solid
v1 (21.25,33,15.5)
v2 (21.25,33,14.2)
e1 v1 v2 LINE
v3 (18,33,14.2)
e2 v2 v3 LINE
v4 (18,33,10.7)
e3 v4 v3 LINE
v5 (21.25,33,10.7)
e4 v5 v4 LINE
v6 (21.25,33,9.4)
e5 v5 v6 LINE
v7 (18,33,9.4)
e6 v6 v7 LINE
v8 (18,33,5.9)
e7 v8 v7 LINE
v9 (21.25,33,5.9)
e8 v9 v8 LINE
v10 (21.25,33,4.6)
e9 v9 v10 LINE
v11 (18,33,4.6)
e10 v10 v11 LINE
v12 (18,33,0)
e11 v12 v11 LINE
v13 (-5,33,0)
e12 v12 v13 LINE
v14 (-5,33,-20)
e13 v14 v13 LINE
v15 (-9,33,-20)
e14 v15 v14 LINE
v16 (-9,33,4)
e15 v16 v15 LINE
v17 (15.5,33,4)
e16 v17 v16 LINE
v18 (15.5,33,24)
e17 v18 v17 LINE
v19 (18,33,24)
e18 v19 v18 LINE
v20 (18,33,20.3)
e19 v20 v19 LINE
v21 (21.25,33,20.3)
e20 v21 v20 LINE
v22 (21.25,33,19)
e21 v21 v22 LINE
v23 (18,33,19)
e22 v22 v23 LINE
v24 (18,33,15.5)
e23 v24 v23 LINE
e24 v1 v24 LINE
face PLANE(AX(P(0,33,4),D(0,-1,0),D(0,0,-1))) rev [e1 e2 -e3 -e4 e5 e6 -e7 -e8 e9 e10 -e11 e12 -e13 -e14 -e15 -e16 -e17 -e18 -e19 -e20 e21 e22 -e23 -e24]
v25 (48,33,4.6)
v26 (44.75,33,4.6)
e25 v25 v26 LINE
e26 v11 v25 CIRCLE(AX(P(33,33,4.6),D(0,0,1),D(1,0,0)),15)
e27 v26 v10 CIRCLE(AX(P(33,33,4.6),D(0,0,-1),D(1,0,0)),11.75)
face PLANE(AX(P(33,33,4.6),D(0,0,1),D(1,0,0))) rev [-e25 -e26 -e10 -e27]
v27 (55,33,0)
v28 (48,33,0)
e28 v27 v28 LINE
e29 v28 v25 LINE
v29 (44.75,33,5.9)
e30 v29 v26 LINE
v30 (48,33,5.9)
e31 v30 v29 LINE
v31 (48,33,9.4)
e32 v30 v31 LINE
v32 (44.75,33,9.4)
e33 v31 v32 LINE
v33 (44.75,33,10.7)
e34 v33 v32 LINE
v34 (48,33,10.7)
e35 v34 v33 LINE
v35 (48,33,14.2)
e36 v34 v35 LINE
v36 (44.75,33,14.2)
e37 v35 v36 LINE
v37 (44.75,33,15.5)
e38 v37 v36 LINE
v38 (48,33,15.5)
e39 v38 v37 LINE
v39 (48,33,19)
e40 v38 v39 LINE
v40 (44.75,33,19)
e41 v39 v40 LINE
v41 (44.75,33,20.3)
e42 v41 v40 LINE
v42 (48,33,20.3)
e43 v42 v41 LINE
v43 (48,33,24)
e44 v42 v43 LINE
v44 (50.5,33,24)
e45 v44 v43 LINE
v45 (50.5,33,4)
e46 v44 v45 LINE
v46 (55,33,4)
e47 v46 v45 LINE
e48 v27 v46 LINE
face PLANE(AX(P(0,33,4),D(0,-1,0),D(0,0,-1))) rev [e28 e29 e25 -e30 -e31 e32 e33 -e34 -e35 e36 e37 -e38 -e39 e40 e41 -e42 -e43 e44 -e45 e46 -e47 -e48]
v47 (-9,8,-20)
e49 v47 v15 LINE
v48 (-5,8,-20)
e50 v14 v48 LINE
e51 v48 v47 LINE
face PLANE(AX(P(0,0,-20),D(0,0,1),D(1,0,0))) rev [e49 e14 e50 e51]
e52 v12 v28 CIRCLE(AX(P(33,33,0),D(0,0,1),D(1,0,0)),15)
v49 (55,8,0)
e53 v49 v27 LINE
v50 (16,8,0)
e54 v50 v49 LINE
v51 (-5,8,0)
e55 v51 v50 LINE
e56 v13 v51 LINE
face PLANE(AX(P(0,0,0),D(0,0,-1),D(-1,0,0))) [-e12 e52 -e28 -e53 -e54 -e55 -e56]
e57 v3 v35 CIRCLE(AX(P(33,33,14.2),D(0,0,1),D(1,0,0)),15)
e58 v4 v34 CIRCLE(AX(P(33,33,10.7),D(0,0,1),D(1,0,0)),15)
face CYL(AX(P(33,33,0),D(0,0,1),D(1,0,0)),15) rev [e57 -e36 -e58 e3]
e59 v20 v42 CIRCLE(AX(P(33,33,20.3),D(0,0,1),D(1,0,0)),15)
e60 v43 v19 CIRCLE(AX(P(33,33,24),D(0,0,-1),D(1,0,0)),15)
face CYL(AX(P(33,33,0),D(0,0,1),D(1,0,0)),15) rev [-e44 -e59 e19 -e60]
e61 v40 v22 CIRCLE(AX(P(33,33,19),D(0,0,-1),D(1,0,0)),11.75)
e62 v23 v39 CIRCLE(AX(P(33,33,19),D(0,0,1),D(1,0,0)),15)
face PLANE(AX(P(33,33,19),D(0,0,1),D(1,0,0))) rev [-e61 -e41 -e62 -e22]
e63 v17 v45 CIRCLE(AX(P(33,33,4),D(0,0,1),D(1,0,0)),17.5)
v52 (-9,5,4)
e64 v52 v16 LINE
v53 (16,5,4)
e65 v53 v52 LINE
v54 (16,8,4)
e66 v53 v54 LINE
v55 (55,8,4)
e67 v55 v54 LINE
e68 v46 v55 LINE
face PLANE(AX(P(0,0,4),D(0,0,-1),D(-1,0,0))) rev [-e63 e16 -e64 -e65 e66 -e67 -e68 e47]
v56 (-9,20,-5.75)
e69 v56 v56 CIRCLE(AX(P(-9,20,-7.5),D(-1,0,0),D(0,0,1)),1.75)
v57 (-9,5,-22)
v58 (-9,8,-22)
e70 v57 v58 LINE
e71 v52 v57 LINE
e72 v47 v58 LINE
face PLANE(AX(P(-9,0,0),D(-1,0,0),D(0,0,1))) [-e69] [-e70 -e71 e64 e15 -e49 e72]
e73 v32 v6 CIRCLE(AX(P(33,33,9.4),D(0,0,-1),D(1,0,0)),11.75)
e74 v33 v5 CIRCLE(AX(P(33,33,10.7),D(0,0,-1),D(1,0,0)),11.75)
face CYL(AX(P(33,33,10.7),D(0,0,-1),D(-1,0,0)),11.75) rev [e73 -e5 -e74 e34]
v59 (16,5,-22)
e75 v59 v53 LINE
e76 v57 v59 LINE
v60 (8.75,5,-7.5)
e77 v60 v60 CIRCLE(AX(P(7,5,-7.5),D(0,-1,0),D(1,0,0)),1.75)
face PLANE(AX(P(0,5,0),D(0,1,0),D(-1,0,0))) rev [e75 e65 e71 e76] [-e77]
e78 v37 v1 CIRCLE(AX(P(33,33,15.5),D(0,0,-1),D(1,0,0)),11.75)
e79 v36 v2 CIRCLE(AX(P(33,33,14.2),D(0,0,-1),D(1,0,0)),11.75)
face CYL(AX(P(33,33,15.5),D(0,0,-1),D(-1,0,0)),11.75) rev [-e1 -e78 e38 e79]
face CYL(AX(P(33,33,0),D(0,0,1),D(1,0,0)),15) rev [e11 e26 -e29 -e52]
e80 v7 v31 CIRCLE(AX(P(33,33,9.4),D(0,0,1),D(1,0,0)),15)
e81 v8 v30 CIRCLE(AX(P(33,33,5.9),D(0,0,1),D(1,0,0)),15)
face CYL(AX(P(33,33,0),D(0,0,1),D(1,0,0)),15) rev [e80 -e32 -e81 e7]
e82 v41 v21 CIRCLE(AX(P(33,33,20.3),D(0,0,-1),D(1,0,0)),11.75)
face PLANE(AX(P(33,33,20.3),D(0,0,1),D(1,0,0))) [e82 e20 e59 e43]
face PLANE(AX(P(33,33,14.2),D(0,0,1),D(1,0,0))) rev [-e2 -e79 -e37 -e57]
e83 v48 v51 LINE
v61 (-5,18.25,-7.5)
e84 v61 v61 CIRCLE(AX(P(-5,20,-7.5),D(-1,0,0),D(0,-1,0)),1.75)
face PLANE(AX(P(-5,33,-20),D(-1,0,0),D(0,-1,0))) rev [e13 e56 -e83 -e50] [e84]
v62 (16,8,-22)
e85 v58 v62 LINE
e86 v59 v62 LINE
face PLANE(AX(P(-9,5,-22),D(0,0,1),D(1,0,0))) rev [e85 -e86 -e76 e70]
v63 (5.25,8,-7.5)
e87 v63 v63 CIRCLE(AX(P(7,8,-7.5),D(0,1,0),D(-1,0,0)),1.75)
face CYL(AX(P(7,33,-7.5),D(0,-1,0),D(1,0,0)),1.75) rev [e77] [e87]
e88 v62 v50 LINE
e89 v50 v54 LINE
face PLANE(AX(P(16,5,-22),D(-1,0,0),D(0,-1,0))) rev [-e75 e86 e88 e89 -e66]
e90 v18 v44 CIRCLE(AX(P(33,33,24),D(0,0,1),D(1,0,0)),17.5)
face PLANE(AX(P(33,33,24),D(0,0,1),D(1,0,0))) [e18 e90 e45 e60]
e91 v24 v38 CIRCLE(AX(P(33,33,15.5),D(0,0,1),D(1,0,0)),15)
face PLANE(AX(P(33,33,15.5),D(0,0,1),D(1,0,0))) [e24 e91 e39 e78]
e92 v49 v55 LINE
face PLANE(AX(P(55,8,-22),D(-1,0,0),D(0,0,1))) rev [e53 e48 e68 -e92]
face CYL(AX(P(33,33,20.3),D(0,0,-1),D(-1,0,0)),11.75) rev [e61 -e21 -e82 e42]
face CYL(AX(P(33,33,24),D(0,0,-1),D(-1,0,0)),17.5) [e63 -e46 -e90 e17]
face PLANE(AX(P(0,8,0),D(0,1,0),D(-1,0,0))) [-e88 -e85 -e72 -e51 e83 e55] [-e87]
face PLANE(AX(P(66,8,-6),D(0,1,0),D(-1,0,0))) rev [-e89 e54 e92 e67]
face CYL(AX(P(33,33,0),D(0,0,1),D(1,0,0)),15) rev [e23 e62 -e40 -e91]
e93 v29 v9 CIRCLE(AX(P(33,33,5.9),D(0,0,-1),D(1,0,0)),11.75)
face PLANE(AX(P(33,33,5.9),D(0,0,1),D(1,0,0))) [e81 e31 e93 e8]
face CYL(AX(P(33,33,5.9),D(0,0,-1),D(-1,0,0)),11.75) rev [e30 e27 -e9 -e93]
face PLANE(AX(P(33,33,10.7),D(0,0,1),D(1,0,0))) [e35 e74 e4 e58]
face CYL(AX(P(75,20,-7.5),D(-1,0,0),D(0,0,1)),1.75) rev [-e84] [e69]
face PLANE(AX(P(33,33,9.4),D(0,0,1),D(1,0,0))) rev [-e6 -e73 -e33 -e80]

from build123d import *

# Parameters (mm, degrees)
SKETCH1_W            = 66
SKETCH1_H            = 33
BOSS_EXTRUDE1_DEPTH  = 4
CUT_EXTRUDE1_DEPTH   = 5
BOSS_EXTRUDE2_DEPTH  = 20
BOSS_EXTRUDE3_DEPTH  = 1.3
BOSS_EXTRUDE4_DEPTH  = 1.3
BOSS_EXTRUDE5_DEPTH  = 1.3
BOSS_EXTRUDE6_DEPTH  = 1.3
SKETCH11_W           = 66
SKETCH11_H           = 8
CUT_EXTRUDE4_DEPTH   = 10
SKETCH13_W           = 4
SKETCH13_H           = 25
BOSS_EXTRUDE7_DEPTH  = 9
SKETCH14_W           = 4
SKETCH14_H           = 25
BOSS_EXTRUDE8_DEPTH  = 8
SKETCH16_R           = 1.75
CUT_EXTRUDE5_DEPTH   = 12
SKETCH17_R           = 1.75
CUT_EXTRUDE8_DEPTH   = 12
SKETCH18_W           = 4
SKETCH18_H           = 25
CUT_EXTRUDE9_DEPTH   = 3
SKETCH19_W           = 4
SKETCH19_H           = 25
BOSS_EXTRUDE10_DEPTH = 4
SKETCH20_W           = 4
SKETCH20_H           = 25
BOSS_EXTRUDE11_DEPTH = 20
SKETCH21_R           = 1.75
CUT_EXTRUDE10_DEPTH  = 20
SKETCH22_W           = 20
SKETCH22_H           = 25
CUT_EXTRUDE11_DEPTH  = 20
SKETCH23_W           = 4
SKETCH23_H           = 25
BOSS_EXTRUDE12_DEPTH = 20
SKETCH24_R           = 1.75
CUT_EXTRUDE12_DEPTH  = 85
SKETCH25_W           = 25
SKETCH25_H           = 26
BOSS_EXTRUDE13_DEPTH = 3
SKETCH26_R           = 1.75
CUT_EXTRUDE13_DEPTH  = 29
SKETCH27_W           = 20
SKETCH27_H           = 25
CUT_EXTRUDE14_DEPTH  = 27


with BuildPart() as part:
    # Sketch1 → Boss-Extrude1 (new body)
    with BuildSketch(Plane.XY):
        with Locations((33, 16.5)):
            Rectangle(SKETCH1_W, SKETCH1_H)
    extrude(amount=BOSS_EXTRUDE1_DEPTH)

    # Sketch2 → Cut-Extrude1 (cut, through all)
    with BuildSketch(Plane.XY.offset(4)):
        with BuildLine():
            Line((18, 33), (48, 33))
            ThreePointArc((48, 33), (33, 18), (18, 33))
        make_face()
    extrude(amount=-CUT_EXTRUDE1_DEPTH, mode=Mode.SUBTRACT)

    # Sketch3 → Boss-Extrude2 (add)
    with BuildSketch(Plane.XY.offset(4)):
        with BuildLine():
            Line((18, 33), (15.5, 33))
            ThreePointArc((15.5, 33), (33, 15.5), (50.5, 33))
            Line((50.5, 33), (48, 33))
            ThreePointArc((48, 33), (33, 18), (18, 33))
        make_face()
    extrude(amount=BOSS_EXTRUDE2_DEPTH)

    # Sketch5 → Boss-Extrude3 (add)
    with BuildSketch(Plane.XY.offset(4.6)):
        with BuildLine():
            Line((18, 33), (21.25, 33))
            ThreePointArc((21.25, 33), (33, 21.25), (44.75, 33))
            Line((44.75, 33), (48, 33))
            ThreePointArc((48, 33), (33, 18), (18, 33))
        make_face()
    extrude(amount=BOSS_EXTRUDE3_DEPTH)

    # Sketch6 → Boss-Extrude4 (add)
    with BuildSketch(Plane.XY.offset(9.4)):
        with BuildLine():
            Line((18, 33), (21.25, 33))
            ThreePointArc((21.25, 33), (33, 21.25), (44.75, 33))
            Line((44.75, 33), (48, 33))
            ThreePointArc((48, 33), (33, 18), (18, 33))
        make_face()
    extrude(amount=BOSS_EXTRUDE4_DEPTH)

    # Sketch7 → Boss-Extrude5 (add)
    with BuildSketch(Plane.XY.offset(14.2)):
        with BuildLine():
            Line((18, 33), (21.25, 33))
            ThreePointArc((21.25, 33), (33, 21.25), (44.75, 33))
            Line((44.75, 33), (48, 33))
            ThreePointArc((48, 33), (33, 18), (18, 33))
        make_face()
    extrude(amount=BOSS_EXTRUDE5_DEPTH)

    # Sketch8 → Boss-Extrude6 (add)
    with BuildSketch(Plane.XY.offset(19)):
        with BuildLine():
            Line((18, 33), (21.25, 33))
            ThreePointArc((21.25, 33), (33, 21.25), (44.75, 33))
            Line((44.75, 33), (48, 33))
            ThreePointArc((48, 33), (33, 18), (18, 33))
        make_face()
    extrude(amount=BOSS_EXTRUDE6_DEPTH)

    # Sketch11 → Cut-Extrude4 (cut)
    with BuildSketch(Plane.XY.offset(4)):
        with Locations((33, 4)):
            Rectangle(SKETCH11_W, SKETCH11_H)
    extrude(amount=-CUT_EXTRUDE4_DEPTH, mode=Mode.SUBTRACT)

    # Sketch13 → Boss-Extrude7 (add)
    with BuildSketch(Plane.ZY):
        with Locations((2, 20.5)):
            Rectangle(SKETCH13_W, SKETCH13_H)
    extrude(amount=BOSS_EXTRUDE7_DEPTH)

    # Sketch14 → Boss-Extrude8 (add)
    with BuildSketch(Plane(origin=(66, 0, 0), x_dir=(0, 0, -1), z_dir=(1, 0, 0))):
        with Locations((-2, 20.5)):
            Rectangle(SKETCH14_W, SKETCH14_H)
    extrude(amount=BOSS_EXTRUDE8_DEPTH)

    # Sketch16 → Cut-Extrude5 (cut)
    with BuildSketch(Plane(origin=(74, 0, 0), x_dir=(0, 0, -1), z_dir=(1, 0, 0))):
        with Locations((14, 13)):
            Circle(SKETCH16_R)
    extrude(amount=-CUT_EXTRUDE5_DEPTH, mode=Mode.SUBTRACT)

    # Sketch17 → Cut-Extrude8 (cut)
    with BuildSketch(Plane.XY.offset(4)):
        with Locations((59, 13)):
            Circle(SKETCH17_R)
    extrude(amount=-CUT_EXTRUDE8_DEPTH, mode=Mode.SUBTRACT)

    # Sketch18 → Cut-Extrude9 (cut)
    with BuildSketch(Plane(origin=(74, 0, 0), x_dir=(0, 0, -1), z_dir=(1, 0, 0))):
        with Locations((-2, 20.5)):
            Rectangle(SKETCH18_W, SKETCH18_H)
    extrude(amount=-CUT_EXTRUDE9_DEPTH, mode=Mode.SUBTRACT)

    # Sketch19 → Boss-Extrude10 (add)
    with BuildSketch(Plane(origin=(71, 0, 0), x_dir=(0, 0, -1), z_dir=(1, 0, 0))):
        with Locations((-2, 20.5)):
            Rectangle(SKETCH19_W, SKETCH19_H)
    extrude(amount=BOSS_EXTRUDE10_DEPTH)

    # Sketch20 → Boss-Extrude11 (add)
    with BuildSketch(Plane(origin=(0, 0, 0), x_dir=(-1, 0, 0), z_dir=(0, 0, -1))):
        with Locations((-73, 20.5)):
            Rectangle(SKETCH20_W, SKETCH20_H)
    extrude(amount=BOSS_EXTRUDE11_DEPTH)

    # Sketch21 → Cut-Extrude10 (cut)
    with BuildSketch(Plane(origin=(75, 0, 0), x_dir=(0, 0, -1), z_dir=(1, 0, 0))):
        with Locations((14, 13)):
            Circle(SKETCH21_R)
    extrude(amount=-CUT_EXTRUDE10_DEPTH, mode=Mode.SUBTRACT)

    # Sketch22 → Cut-Extrude11 (cut)
    with BuildSketch(Plane(origin=(75, 0, 0), x_dir=(0, 0, -1), z_dir=(1, 0, 0))):
        with Locations((10, 20.5)):
            Rectangle(SKETCH22_W, SKETCH22_H)
    extrude(amount=-CUT_EXTRUDE11_DEPTH, mode=Mode.SUBTRACT)

    # Sketch23 → Boss-Extrude12 (add)
    with BuildSketch(Plane(origin=(0, 0, 0), x_dir=(-1, 0, 0), z_dir=(0, 0, -1))):
        with Locations((7, 20.5)):
            Rectangle(SKETCH23_W, SKETCH23_H)
    extrude(amount=BOSS_EXTRUDE12_DEPTH)

    # Sketch24 → Cut-Extrude12 (cut, through all)
    with BuildSketch(Plane.ZY.offset(9)):
        with Locations((-7.5, 20)):
            Circle(SKETCH24_R)
    extrude(amount=-CUT_EXTRUDE12_DEPTH, mode=Mode.SUBTRACT)

    # Sketch25 → Boss-Extrude13 (add)
    with BuildSketch(Plane(origin=(0, 8, 0), x_dir=(-1, 0, 0), z_dir=(0, -1, 0))):
        with Locations((-3.5, 9)):
            Rectangle(SKETCH25_W, SKETCH25_H)
    extrude(amount=BOSS_EXTRUDE13_DEPTH)

    # Sketch26 → Cut-Extrude13 (cut, through all)
    with BuildSketch(Plane(origin=(0, 5, 0), x_dir=(-1, 0, 0), z_dir=(0, -1, 0))):
        with Locations((-7, 7.5)):
            Circle(SKETCH26_R)
    extrude(amount=-CUT_EXTRUDE13_DEPTH, mode=Mode.SUBTRACT)

    # Sketch27 → Cut-Extrude14 (cut, through all)
    with BuildSketch(Plane.XY.offset(4)):
        with Locations((65, 20.5)):
            Rectangle(SKETCH27_W, SKETCH27_H)
    extrude(amount=-CUT_EXTRUDE14_DEPTH, mode=Mode.SUBTRACT)


solid = part.part
